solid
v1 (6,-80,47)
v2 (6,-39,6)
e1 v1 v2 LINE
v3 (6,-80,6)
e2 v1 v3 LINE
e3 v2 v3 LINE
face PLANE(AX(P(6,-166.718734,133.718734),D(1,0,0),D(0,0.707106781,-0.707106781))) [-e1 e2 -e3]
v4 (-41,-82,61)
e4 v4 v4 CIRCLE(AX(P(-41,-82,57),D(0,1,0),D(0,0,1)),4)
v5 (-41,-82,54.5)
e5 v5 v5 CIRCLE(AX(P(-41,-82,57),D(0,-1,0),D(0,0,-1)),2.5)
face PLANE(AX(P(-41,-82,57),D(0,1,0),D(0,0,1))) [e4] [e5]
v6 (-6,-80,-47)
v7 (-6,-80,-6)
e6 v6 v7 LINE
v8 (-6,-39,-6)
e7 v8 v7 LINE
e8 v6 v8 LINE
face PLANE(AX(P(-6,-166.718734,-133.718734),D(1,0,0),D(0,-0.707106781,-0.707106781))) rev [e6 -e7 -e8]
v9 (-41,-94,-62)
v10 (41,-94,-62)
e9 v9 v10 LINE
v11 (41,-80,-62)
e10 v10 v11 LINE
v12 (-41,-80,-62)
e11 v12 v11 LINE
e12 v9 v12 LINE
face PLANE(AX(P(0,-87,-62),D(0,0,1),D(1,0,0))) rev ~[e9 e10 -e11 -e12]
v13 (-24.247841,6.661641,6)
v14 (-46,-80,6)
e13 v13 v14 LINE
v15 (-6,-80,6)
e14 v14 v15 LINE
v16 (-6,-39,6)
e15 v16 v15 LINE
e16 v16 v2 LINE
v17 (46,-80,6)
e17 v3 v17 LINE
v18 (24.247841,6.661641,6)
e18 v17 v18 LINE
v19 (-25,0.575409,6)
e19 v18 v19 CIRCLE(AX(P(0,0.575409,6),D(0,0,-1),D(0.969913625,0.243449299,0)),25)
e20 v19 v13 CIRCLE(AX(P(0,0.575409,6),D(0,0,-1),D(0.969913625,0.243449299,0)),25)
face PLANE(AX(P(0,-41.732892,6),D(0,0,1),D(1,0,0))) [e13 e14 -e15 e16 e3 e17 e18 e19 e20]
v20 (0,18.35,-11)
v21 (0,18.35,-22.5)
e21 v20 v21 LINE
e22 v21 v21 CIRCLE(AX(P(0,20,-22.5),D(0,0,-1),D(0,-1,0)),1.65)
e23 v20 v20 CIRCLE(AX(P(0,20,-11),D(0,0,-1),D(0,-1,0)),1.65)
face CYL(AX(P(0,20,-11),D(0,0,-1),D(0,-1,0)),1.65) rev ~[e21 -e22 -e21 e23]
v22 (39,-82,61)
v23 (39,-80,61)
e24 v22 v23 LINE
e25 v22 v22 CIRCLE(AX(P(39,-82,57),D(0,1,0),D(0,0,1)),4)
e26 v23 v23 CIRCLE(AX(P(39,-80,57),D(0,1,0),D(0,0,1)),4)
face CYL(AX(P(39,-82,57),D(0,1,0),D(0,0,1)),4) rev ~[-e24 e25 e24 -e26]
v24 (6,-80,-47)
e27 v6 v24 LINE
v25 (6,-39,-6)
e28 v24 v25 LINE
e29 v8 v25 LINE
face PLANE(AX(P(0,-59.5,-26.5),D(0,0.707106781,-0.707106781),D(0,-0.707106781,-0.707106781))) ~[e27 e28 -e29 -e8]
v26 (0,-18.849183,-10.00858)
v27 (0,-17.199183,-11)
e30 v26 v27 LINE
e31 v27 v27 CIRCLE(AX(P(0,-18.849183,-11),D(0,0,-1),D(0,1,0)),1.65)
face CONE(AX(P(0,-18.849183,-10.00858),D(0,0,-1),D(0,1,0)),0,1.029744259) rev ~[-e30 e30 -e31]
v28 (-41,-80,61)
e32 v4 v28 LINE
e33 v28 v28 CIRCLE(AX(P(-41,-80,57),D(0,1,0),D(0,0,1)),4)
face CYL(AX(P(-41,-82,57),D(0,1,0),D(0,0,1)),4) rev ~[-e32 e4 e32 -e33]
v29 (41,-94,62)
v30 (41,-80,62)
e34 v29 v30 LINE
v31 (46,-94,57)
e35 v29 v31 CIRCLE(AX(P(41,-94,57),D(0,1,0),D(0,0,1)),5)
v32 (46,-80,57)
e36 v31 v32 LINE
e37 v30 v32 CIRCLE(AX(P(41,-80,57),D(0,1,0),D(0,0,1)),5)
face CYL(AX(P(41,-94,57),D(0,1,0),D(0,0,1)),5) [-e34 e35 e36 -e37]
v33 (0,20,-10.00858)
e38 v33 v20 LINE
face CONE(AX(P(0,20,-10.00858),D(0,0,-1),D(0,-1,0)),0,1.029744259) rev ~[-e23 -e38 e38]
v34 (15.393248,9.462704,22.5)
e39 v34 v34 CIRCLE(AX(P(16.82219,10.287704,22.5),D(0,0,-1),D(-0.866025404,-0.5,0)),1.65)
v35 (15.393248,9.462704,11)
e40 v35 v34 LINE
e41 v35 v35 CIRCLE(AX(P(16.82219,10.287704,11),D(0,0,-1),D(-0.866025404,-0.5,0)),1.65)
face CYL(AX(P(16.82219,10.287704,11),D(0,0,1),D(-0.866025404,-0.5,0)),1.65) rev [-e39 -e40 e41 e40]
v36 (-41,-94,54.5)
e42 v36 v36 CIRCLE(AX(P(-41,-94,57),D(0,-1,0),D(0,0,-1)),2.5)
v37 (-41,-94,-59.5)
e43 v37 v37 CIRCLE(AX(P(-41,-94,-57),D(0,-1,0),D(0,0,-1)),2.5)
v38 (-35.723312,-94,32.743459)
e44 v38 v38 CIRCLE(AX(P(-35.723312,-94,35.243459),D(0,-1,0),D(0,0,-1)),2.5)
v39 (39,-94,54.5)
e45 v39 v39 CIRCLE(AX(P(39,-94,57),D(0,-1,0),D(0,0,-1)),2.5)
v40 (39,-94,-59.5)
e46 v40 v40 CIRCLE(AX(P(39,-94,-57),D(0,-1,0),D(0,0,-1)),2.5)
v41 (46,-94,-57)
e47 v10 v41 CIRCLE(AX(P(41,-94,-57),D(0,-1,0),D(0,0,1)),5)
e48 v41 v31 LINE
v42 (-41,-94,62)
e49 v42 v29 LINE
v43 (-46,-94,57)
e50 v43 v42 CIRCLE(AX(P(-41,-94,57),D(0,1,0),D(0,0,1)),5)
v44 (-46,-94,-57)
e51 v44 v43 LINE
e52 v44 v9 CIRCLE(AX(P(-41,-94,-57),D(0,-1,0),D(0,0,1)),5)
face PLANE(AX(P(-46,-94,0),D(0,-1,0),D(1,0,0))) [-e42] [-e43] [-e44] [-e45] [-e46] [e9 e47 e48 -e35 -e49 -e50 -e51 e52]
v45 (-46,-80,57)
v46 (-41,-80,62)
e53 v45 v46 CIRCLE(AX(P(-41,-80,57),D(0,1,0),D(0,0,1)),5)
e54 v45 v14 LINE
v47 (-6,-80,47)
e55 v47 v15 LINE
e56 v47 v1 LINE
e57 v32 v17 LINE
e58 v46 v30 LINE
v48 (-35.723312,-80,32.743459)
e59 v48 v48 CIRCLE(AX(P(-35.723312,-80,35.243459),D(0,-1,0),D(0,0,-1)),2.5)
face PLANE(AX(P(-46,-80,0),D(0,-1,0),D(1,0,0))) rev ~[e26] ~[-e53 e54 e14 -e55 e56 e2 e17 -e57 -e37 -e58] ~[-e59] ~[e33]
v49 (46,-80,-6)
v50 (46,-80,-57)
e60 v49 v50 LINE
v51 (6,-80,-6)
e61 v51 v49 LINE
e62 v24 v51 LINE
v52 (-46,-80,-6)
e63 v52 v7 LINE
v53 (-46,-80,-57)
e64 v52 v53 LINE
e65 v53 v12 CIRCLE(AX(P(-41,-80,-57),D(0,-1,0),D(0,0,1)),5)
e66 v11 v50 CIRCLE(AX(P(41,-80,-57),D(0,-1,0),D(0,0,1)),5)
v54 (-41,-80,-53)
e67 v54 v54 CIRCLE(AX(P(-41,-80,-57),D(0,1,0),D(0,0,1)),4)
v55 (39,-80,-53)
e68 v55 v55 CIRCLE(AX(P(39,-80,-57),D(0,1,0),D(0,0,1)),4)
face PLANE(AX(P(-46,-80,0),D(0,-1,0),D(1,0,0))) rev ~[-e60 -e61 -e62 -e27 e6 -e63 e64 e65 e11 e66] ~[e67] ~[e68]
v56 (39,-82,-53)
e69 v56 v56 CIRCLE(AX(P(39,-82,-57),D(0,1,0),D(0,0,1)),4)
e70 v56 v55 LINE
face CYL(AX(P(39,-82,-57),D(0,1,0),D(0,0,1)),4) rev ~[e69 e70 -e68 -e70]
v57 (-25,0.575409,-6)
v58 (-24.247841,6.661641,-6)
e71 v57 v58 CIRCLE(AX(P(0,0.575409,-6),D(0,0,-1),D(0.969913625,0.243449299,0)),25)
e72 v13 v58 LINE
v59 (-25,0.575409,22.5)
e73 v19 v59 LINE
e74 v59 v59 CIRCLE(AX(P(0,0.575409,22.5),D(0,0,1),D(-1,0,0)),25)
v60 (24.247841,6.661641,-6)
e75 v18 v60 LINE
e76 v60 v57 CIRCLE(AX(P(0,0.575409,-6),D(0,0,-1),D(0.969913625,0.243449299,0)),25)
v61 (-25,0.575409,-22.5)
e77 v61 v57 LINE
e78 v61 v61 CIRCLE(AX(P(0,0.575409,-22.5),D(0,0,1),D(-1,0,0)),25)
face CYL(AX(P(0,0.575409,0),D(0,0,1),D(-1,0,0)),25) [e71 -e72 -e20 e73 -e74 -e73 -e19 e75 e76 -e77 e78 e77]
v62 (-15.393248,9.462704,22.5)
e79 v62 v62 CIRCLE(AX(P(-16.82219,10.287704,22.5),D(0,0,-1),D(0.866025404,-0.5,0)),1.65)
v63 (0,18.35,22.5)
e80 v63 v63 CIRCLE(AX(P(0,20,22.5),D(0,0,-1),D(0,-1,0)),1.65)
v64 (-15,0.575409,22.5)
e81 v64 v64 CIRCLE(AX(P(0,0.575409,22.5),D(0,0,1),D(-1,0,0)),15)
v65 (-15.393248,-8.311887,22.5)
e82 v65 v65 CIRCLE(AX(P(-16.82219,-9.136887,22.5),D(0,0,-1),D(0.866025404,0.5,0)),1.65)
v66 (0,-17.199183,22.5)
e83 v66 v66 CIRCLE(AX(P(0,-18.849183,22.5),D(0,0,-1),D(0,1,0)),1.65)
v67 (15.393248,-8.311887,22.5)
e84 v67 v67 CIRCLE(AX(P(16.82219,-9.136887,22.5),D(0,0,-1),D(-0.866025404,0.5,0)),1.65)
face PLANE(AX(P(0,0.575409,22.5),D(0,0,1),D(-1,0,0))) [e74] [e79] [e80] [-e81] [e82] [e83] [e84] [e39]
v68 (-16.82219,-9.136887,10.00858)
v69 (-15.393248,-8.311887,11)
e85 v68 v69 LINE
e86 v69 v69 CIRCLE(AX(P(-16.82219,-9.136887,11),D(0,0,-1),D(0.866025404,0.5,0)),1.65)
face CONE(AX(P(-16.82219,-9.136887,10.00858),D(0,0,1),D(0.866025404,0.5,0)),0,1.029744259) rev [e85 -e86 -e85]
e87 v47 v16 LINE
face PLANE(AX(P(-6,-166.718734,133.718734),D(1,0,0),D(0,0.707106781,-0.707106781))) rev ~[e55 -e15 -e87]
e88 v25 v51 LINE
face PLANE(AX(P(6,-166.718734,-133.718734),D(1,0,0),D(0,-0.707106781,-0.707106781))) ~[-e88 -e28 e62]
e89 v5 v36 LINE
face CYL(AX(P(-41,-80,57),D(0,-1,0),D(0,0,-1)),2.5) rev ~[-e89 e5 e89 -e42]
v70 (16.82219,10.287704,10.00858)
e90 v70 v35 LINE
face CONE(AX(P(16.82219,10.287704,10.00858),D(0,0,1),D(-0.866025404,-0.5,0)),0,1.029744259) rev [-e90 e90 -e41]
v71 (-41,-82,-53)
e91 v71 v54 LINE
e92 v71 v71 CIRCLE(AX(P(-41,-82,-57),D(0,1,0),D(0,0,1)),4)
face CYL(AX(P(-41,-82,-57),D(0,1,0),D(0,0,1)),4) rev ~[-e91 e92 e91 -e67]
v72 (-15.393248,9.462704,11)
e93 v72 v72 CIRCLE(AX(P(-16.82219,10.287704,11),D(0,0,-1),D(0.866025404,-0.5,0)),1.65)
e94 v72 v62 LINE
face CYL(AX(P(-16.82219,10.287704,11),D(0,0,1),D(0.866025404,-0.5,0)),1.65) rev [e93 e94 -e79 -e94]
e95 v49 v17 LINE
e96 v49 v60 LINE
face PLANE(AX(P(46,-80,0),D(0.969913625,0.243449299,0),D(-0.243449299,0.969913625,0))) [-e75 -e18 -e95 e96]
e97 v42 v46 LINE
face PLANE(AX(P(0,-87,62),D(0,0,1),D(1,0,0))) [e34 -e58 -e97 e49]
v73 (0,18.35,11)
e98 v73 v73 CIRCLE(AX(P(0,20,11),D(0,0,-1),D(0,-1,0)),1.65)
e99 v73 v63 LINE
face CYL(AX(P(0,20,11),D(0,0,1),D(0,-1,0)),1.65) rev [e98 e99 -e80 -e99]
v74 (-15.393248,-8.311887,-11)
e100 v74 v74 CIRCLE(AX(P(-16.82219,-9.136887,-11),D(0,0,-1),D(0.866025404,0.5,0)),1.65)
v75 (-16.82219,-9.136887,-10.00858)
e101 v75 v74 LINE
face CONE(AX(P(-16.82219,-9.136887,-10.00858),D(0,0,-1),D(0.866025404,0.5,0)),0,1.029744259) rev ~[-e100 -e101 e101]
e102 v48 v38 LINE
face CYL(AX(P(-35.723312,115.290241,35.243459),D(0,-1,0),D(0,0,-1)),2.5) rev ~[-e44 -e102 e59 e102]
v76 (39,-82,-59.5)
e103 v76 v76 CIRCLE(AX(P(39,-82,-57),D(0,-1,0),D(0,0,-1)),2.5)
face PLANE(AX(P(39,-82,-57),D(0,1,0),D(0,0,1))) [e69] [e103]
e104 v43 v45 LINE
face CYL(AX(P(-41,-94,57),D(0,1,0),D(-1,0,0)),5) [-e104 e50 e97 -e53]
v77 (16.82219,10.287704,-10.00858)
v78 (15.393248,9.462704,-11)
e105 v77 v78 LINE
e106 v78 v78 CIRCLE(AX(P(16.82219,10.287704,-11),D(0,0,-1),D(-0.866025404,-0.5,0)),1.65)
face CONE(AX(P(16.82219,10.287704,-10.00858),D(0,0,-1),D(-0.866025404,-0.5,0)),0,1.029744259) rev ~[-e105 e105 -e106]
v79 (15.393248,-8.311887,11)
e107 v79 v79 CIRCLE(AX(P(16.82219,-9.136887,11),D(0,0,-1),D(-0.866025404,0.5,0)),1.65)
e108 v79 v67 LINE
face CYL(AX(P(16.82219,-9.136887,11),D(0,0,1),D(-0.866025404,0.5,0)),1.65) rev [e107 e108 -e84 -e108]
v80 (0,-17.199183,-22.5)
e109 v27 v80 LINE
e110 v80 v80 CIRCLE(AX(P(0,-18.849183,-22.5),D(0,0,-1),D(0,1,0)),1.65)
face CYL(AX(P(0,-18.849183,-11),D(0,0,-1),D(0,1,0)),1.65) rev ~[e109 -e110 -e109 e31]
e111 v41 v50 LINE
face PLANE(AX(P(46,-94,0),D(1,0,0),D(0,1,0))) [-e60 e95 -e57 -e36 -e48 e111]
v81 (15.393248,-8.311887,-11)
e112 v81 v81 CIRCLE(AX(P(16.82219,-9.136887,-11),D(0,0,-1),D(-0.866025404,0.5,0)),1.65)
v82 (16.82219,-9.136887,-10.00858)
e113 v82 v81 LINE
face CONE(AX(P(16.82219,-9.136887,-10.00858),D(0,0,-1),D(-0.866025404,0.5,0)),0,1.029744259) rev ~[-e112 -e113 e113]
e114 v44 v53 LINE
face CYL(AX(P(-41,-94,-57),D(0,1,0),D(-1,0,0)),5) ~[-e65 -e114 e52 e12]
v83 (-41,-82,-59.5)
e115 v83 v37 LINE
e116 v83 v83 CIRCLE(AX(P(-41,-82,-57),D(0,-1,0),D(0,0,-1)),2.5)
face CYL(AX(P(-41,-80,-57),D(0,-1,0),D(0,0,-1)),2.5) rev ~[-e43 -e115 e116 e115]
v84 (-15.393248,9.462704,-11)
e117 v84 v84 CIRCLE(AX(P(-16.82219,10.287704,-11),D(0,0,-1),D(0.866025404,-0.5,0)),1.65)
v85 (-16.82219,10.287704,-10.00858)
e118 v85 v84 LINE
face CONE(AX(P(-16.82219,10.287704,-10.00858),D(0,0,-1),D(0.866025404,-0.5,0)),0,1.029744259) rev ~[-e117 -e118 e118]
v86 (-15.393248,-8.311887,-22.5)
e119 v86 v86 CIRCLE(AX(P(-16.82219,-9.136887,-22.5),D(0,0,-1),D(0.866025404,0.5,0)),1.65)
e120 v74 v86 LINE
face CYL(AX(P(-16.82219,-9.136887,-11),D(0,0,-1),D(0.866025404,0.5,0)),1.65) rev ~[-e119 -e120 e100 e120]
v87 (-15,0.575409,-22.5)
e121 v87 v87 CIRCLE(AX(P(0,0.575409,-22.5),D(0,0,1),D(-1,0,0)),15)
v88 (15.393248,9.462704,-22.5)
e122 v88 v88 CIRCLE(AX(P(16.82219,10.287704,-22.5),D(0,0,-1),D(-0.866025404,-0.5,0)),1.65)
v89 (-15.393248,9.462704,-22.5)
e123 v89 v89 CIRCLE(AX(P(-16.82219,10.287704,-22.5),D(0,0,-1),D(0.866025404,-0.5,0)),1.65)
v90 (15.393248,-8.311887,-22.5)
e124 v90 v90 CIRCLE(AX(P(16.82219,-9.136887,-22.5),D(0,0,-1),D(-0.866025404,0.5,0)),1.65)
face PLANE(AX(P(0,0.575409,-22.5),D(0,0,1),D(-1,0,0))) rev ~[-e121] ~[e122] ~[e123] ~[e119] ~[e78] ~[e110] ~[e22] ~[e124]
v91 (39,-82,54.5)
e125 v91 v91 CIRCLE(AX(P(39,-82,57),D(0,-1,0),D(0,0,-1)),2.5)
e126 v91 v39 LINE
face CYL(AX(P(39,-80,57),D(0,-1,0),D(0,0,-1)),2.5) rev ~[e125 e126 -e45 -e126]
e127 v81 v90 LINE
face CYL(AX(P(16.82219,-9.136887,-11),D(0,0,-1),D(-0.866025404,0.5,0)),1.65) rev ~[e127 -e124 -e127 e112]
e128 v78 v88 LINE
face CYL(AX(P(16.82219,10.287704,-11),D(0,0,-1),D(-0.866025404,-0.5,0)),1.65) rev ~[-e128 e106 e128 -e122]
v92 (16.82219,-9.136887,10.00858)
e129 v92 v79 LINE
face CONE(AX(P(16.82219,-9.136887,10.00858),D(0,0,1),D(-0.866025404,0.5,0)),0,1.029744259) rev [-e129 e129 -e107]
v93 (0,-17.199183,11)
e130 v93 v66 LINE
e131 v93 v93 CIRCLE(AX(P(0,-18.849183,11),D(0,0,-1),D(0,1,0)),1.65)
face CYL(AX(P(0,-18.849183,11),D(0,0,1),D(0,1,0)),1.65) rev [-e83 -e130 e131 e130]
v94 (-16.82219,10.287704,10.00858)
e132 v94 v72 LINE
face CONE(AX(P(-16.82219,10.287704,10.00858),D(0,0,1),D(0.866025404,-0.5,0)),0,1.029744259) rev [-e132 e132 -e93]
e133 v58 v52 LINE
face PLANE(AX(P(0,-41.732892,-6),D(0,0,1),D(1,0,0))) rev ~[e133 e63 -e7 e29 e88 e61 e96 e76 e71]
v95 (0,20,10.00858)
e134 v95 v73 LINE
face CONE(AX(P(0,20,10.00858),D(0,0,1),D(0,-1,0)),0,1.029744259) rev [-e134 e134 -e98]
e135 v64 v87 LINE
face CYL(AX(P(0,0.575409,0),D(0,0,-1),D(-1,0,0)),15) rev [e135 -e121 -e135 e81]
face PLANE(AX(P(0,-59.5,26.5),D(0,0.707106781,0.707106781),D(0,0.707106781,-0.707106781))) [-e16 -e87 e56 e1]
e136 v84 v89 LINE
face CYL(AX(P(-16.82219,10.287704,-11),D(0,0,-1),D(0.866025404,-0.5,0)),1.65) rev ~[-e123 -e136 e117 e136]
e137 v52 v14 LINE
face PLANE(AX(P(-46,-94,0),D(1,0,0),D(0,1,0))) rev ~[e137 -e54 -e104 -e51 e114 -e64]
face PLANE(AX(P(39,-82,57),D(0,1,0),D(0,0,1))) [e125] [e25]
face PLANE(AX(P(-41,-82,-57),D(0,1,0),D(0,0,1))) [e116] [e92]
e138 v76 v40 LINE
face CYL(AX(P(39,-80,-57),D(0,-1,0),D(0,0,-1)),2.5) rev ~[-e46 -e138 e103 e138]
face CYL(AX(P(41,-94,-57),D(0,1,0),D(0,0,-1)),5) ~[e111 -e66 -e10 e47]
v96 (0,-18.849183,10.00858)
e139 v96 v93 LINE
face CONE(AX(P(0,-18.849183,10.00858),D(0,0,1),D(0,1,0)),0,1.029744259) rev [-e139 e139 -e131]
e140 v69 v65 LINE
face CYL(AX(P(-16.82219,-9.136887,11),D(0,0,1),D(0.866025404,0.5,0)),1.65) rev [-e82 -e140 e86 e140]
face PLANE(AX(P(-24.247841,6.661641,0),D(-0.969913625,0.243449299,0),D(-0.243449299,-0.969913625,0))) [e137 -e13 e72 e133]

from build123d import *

# Parameters (mm, degrees)
SKETCH_1_R                   = 25
SKETCH_1_R_2                 = 15
EXTRUDE_1_DEPTH              = 22.5
SKETCH_2_W                   = 92
SKETCH_2_H                   = 14
EXTRUDE_2_DEPTH              = 62
EXTRUDE_3_DEPTH              = 6
RIB_1_REACH                  = 123.639
SKETCH_5_WALL_W              = 303.26037525
SKETCH_5_WALL_H              = 12
FILLET_1_R                   = 5
HOLE_WIZARD_M4_2_D           = 5
HOLE_WIZARD_M4_2_CBORE_D     = 8
HOLE_WIZARD_M4_2_CBORE_DEPTH = 2
PATTERN_LINEAR_1_COUNT       = 2
PATTERN_LINEAR_1_PITCH       = 80
PATTERN_LINEAR_1_COUNT_DIR2  = 2
PATTERN_LINEAR_1_PITCH_DIR2  = 114
HOLE_WIZARD_M6_1_D           = 5
PATTERN_CIRCULAR_1_COUNT     = 6


with BuildPart() as part:
    # 스케치1 → 보스-돌출1 (new, symmetric)
    with BuildSketch(Plane.XY):
        with Locations(Location((0, 0.57540869, 0), (0, 0, 180))):
            Circle(SKETCH_1_R)
        with Locations(Location((0, 0.57540869, 0), (0, 0, 180))):
            Circle(SKETCH_1_R_2, mode=Mode.SUBTRACT)
    extrude(amount=EXTRUDE_1_DEPTH, both=True)



with BuildPart() as body_2:
    # 스케치2 → 보스-돌출2 (new, symmetric)
    with BuildSketch(Plane.XY):
        with Locations((0, -87)):
            Rectangle(SKETCH_2_W, SKETCH_2_H)
    extrude(amount=EXTRUDE_2_DEPTH, both=True)


with BuildPart() as part_1:
    add(part.part)

    add(body_2.part)  # 보스-돌출3 merges body 2
    # 스케치4 → 보스-돌출3 (add, symmetric)
    with BuildSketch(Plane.XY):
        with BuildLine():
            Line((-24.247840613, 6.661641155), (-46, -80))
            Line((-46, -80), (46, -80))
            Line((46, -80), (24.247840613, 6.661641155))
            ThreePointArc((24.247840613, 6.661641155), (0, -24.42459131), (-24.247840613, 6.661641155))
        make_face()
    extrude(amount=EXTRUDE_3_DEPTH, both=True)

    # 스케치5 wall → 보강대1 (add, up to next)
    with BuildSketch(Plane(origin=(0, -59.5, 26.5), x_dir=(0, 0.707106781187, -0.707106781187), z_dir=(0, 0.707106781187, 0.707106781187)), mode=Mode.PRIVATE) as rib_1_sk1:
        Rectangle(SKETCH_5_WALL_W, SKETCH_5_WALL_H)
    rib_1_tool1 = extrude(rib_1_sk1.sketch, amount=-RIB_1_REACH, mode=Mode.PRIVATE) - part_1.part
    rib_1 = rib_1_tool1.solids().sort_by_distance((0, -59.5, 26.5))[0]
    add(rib_1)

    # 대칭 복사1: 보강대1 across plane
    add(rib_1.mirror(Plane.XY))

    # 필렛1
    fillet_1_edges = [part_1.edges().sort_by_distance(p)[0] for p in [
        (-46, -87, -62),
        (46, -87, 62),
        (-46, -87, 62),
        (46, -87, -62),
    ]]
    fillet(fillet_1_edges, radius=FILLET_1_R)

    # M4 소켓 머리 캡 나사용 카운터보어2 (through all)
    with Locations(Plane(origin=(-41, -80, 57), x_dir=(0, 0, 1), z_dir=(0, 1, 0))):
        with Locations((0, 0)):
            hole_wizard_m4_2 = CounterBoreHole(HOLE_WIZARD_M4_2_D / 2, HOLE_WIZARD_M4_2_CBORE_D / 2, HOLE_WIZARD_M4_2_CBORE_DEPTH)

    # 선형 패턴1: Hole Wizard M4 _ _ _ _ _2 2 × 2
    with Locations(*[(i * PATTERN_LINEAR_1_PITCH, 0, -j * PATTERN_LINEAR_1_PITCH_DIR2) for i in range(PATTERN_LINEAR_1_COUNT) for j in range(PATTERN_LINEAR_1_COUNT_DIR2) if (i, j) != (0, 0)]):
        add(hole_wizard_m4_2, mode=Mode.SUBTRACT)

    # M6 나사 구멍1 (through all)
    with Locations(Plane(origin=(-35.723311544, -80, 35.243458723), x_dir=(0, 0, 1), z_dir=(0, 1, 0))):
        with Locations((0, 0)):
            Hole(HOLE_WIZARD_M6_1_D / 2)

    # 스케치21 → M4 나사 구멍1 (revolve, cut)
    with BuildSketch(Plane(origin=(0, 20, 22.5), x_dir=(0, -1, 0), z_dir=(1, 0, 0))):
        Polygon((0, 0), (0, 12.491420021), (1.65, 11.5), (1.65, 0), align=None)
    hole_wizard_m4_1 = revolve(axis=Axis((0, 20, 28.85), (0, 0, -1)), mode=Mode.SUBTRACT)

    # 원형 패턴1: M4 나사 구멍1 ×6 about axis
    pattern_circular_1_axis = Axis((0, 0.57540869, 0), (0, 0, 1))
    for i in range(1, PATTERN_CIRCULAR_1_COUNT):
        add(hole_wizard_m4_1.rotate(pattern_circular_1_axis, i * 360 / PATTERN_CIRCULAR_1_COUNT), mode=Mode.SUBTRACT)

    # 대칭 복사2: M4 나사 구멍1 across plane
    add(hole_wizard_m4_1.mirror(Plane.XY), mode=Mode.SUBTRACT)

    # 대칭 복사2 copy 1 sketch → 대칭 복사2 copy 1 (revolve, cut)
    with BuildSketch(Plane(origin=(-16.822189532, 10.287704345, -22.5), x_dir=(0.8660254037844386, -0.5000000000000001, 0), z_dir=(0.5000000000000001, 0.8660254037844386, 0))):
        Polygon((0, 0), (0, -12.491420021), (1.65, -11.5), (1.65, 0), align=None)
    revolve(axis=Axis((-16.822189532, 10.287704345, -28.85), (0, 0, -1)), mode=Mode.SUBTRACT)

    # 대칭 복사2 copy 2 sketch → 대칭 복사2 copy 2 (revolve, cut)
    with BuildSketch(Plane(origin=(-16.822189532, -9.136886965, -22.5), x_dir=(0.8660254037844387, 0.4999999999999998, 0), z_dir=(-0.4999999999999998, 0.8660254037844387, 0))):
        Polygon((0, 0), (0, -12.491420021), (1.65, -11.5), (1.65, 0), align=None)
    revolve(axis=Axis((-16.822189532, -9.136886965, -28.85), (0, 0, -1)), mode=Mode.SUBTRACT)

    # 대칭 복사2 copy 3 sketch → 대칭 복사2 copy 3 (revolve, cut)
    with BuildSketch(Plane(origin=(0, -18.849182619, -22.5), x_dir=(0, 1, 0), z_dir=(-1, 0, 0))):
        Polygon((0, 0), (0, -12.491420021), (1.65, -11.5), (1.65, 0), align=None)
    revolve(axis=Axis((0, -18.849182619, -28.85), (0, 0, -1)), mode=Mode.SUBTRACT)

    # 대칭 복사2 copy 4 sketch → 대칭 복사2 copy 4 (revolve, cut)
    with BuildSketch(Plane(origin=(16.822189532, -9.136886965, -22.5), x_dir=(-0.8660254037844384, 0.5000000000000004, 0), z_dir=(-0.5000000000000004, -0.8660254037844384, 0))):
        Polygon((0, 0), (0, -12.491420021), (1.65, -11.5), (1.65, 0), align=None)
    revolve(axis=Axis((16.822189532, -9.136886965, -28.85), (0, 0, -1)), mode=Mode.SUBTRACT)

    # 대칭 복사2 copy 5 sketch → 대칭 복사2 copy 5 (revolve, cut)
    with BuildSketch(Plane(origin=(16.822189532, 10.287704345, -22.5), x_dir=(-0.8660254037844386, -0.5000000000000001, 0), z_dir=(0.5000000000000001, -0.8660254037844386, 0))):
        Polygon((0, 0), (0, -12.491420021), (1.65, -11.5), (1.65, 0), align=None)
    revolve(axis=Axis((16.822189532, 10.287704345, -28.85), (0, 0, -1)), mode=Mode.SUBTRACT)


solid = part_1.part
